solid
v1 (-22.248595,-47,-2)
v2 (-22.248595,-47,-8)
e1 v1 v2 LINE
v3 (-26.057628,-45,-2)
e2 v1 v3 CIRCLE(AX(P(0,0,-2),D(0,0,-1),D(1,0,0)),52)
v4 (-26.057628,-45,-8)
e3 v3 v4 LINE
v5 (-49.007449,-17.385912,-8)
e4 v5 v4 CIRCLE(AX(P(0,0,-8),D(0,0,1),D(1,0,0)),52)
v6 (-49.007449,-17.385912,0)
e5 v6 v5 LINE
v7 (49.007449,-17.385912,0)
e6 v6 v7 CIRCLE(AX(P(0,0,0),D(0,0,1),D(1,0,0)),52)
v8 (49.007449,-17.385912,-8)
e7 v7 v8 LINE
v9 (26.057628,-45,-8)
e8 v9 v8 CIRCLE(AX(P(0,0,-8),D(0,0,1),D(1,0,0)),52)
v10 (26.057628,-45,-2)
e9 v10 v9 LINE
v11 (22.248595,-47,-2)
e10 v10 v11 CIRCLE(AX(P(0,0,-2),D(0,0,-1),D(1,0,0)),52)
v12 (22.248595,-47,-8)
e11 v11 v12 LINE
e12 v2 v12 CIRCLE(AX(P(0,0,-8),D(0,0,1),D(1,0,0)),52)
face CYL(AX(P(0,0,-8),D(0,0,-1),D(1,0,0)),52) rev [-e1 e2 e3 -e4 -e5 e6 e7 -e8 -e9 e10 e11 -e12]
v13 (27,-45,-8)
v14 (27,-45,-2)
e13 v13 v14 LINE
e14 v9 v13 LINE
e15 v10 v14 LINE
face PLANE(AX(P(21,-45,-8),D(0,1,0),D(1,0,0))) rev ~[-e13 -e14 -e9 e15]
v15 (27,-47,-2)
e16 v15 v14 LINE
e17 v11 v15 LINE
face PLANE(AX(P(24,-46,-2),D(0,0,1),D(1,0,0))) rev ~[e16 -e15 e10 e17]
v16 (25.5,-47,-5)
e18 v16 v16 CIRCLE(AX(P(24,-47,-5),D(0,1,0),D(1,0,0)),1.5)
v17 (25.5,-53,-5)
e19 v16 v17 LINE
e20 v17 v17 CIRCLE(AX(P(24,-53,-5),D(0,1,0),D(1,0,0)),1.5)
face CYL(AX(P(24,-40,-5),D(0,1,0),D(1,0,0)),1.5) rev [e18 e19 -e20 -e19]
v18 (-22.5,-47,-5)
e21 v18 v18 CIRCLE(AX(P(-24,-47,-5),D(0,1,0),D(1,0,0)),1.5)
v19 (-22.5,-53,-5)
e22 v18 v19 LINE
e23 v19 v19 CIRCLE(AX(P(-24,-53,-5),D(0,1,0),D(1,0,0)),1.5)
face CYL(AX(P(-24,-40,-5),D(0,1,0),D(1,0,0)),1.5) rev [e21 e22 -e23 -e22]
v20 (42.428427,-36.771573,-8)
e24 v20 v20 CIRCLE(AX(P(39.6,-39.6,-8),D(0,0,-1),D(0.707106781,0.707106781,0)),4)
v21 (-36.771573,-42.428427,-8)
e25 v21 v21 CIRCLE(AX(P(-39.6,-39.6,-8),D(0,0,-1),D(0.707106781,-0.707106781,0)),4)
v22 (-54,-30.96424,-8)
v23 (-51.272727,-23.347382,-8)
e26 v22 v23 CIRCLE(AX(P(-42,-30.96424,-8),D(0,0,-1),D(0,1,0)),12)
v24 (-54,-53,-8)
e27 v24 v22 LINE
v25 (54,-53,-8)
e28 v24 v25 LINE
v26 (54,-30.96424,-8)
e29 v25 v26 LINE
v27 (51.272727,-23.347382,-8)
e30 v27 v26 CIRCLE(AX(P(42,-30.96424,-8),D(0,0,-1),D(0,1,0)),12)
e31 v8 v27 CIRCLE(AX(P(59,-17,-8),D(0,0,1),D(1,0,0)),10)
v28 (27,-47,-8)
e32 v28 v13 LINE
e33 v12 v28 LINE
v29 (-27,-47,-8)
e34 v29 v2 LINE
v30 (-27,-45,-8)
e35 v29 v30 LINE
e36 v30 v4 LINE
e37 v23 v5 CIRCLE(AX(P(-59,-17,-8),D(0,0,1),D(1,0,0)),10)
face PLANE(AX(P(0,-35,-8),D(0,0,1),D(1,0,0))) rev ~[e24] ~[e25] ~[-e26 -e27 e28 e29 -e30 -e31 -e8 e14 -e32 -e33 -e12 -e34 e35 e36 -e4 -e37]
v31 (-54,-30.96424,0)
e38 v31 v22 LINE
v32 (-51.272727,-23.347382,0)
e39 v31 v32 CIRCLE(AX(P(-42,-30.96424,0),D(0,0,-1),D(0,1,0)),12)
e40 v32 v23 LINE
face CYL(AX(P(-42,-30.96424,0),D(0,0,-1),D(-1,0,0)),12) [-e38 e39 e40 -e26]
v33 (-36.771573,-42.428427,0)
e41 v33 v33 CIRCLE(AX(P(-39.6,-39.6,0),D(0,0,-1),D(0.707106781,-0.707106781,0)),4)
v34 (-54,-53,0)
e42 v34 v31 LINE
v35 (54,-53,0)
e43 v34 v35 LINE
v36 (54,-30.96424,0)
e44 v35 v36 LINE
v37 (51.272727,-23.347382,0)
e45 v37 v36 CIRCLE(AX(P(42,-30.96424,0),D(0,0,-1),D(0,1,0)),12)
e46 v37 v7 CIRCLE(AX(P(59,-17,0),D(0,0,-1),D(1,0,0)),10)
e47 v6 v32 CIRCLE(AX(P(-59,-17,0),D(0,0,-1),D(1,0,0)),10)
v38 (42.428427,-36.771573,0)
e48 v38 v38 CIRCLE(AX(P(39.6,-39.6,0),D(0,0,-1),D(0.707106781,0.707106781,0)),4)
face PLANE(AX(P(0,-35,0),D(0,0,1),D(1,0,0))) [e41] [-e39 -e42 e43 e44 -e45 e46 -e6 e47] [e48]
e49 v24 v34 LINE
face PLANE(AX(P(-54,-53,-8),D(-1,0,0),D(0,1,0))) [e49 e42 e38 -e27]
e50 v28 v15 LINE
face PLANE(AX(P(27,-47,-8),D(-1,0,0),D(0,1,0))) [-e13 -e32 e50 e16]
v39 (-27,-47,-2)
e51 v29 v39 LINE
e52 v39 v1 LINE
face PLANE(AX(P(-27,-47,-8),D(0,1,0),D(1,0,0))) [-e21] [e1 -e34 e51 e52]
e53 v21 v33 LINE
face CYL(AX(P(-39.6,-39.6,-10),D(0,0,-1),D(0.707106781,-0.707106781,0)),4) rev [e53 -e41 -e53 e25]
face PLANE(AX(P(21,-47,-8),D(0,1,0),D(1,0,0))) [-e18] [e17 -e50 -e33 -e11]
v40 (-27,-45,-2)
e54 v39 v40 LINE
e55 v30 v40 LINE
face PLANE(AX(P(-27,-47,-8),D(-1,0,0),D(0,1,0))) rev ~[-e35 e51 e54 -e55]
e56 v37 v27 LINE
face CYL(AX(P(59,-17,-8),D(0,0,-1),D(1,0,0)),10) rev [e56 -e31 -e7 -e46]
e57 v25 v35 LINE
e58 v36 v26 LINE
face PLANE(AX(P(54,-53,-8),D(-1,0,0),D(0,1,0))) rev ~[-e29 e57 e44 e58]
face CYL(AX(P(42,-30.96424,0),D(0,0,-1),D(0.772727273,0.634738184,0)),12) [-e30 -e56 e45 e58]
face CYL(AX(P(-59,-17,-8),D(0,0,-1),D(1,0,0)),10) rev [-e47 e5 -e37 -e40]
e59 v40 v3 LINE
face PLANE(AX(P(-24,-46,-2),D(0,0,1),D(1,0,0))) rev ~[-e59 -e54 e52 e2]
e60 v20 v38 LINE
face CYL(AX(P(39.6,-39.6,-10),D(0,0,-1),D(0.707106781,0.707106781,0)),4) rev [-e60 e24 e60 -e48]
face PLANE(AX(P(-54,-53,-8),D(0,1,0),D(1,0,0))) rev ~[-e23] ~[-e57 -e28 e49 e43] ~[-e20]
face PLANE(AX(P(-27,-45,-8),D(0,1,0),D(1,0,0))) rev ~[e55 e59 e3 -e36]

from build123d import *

# Parameters (mm, degrees)
CYLINDER883_R               = 1.5
CYLINDER883_DEPTH           = 20
CYLINDER884_R               = 1.5
CYLINDER884_DEPTH           = 20
CYLINDER881_R               = 1.5
CYLINDER881_DEPTH           = 20
CYLINDER885_R               = 1.5
CYLINDER885_DEPTH           = 20
BOX399_W                    = 6
BOX399_H                    = 2
BOX399_DEPTH                = 6
BOX401_W                    = 6
BOX401_H                    = 2
BOX401_DEPTH                = 6
BOX398_W                    = 6
BOX398_H                    = 2
BOX398_DEPTH                = 6
BOX402_W                    = 6
BOX402_H                    = 2
BOX402_DEPTH                = 6
CYLINDER882_R               = 4
CYLINDER882_DEPTH           = 20
CYLINDER882_PLACEMENT_ANGLE = 45
CYLINDER877_R               = 4
CYLINDER877_DEPTH           = 20
CYLINDER877_PLACEMENT_ANGLE = 45
CYLINDER880_R               = 10
CYLINDER880_DEPTH           = 40
CYLINDER878_R               = 10
CYLINDER878_DEPTH           = 40
CYLINDER879_R               = 52
CYLINDER879_DEPTH           = 8
BOX403_W                    = 108
BOX403_H                    = 36
BOX403_DEPTH                = 8
FILLET014_R                 = 12


with BuildPart() as v_lec883:
    # Cylinder883 → Cylinder883 (new body)
    with BuildSketch(Plane(origin=(24, -40, -5), x_dir=(1, 0, 0), z_dir=(0, -1, 0))):
        Circle(CYLINDER883_R)
    extrude(amount=CYLINDER883_DEPTH)


with BuildPart() as v_lec884:
    # Cylinder884 → Cylinder884 (new body)
    with BuildSketch(Plane(origin=(51, -40, 7), x_dir=(1, 0, 0), z_dir=(0, -1, 0))):
        Circle(CYLINDER884_R)
    extrude(amount=CYLINDER884_DEPTH)


with BuildPart() as v_lec881:
    # Cylinder881 → Cylinder881 (new body)
    with BuildSketch(Plane(origin=(-51, -40, 7), x_dir=(1, 0, 0), z_dir=(0, -1, 0))):
        Circle(CYLINDER881_R)
    extrude(amount=CYLINDER881_DEPTH)


with BuildPart() as compound773:
    # Cylinder885 → Cylinder885 (new body)
    with BuildSketch(Plane(origin=(-24, -40, -5), x_dir=(1, 0, 0), z_dir=(0, -1, 0))):
        Circle(CYLINDER885_R)
    extrude(amount=CYLINDER885_DEPTH)

    # Compound773: union Válec883, Válec884, Válec881
    add(v_lec883.part)
    add(v_lec884.part)
    add(v_lec881.part)


with BuildPart() as krychle399:
    # Box399 → Box399 (new body)
    with BuildSketch(Plane(origin=(21, -47, -8), x_dir=(1, 0, 0), z_dir=(0, 0, 1))):
        with Locations((3, 1)):
            Rectangle(BOX399_W, BOX399_H)
    extrude(amount=BOX399_DEPTH)


with BuildPart() as krychle401:
    # Box401 → Box401 (new body)
    with BuildSketch(Plane(origin=(48, -45, 4), x_dir=(1, 0, 0), z_dir=(0, 0, 1))):
        with Locations((3, 1)):
            Rectangle(BOX401_W, BOX401_H)
    extrude(amount=BOX401_DEPTH)


with BuildPart() as krychle398:
    # Box398 → Box398 (new body)
    with BuildSketch(Plane(origin=(-54, -45, 4), x_dir=(1, 0, 0), z_dir=(0, 0, 1))):
        with Locations((3, 1)):
            Rectangle(BOX398_W, BOX398_H)
    extrude(amount=BOX398_DEPTH)


with BuildPart() as compound772:
    # Box402 → Box402 (new body)
    with BuildSketch(Plane(origin=(-27, -47, -8), x_dir=(1, 0, 0), z_dir=(0, 0, 1))):
        with Locations((3, 1)):
            Rectangle(BOX402_W, BOX402_H)
    extrude(amount=BOX402_DEPTH)

    # Compound772: union Krychle399, Krychle401, Krychle398
    add(krychle399.part)
    add(krychle401.part)
    add(krychle398.part)


with BuildPart() as v_lec882:
    # Cylinder882 → Cylinder882 (new body)
    with BuildSketch(Plane.XY):
        Circle(CYLINDER882_R)
    extrude(amount=CYLINDER882_DEPTH)


with BuildPart() as v_lec882_1:
    # Cylinder882 placement: moved
    add(v_lec882.part.moved(Location((39.6, -39.6, -10))).rotate(Axis((39.6, -39.6, -10), (0, 0, 1)), CYLINDER882_PLACEMENT_ANGLE))


with BuildPart() as compound775:
    # Cylinder877 → Cylinder877 (new body)
    with BuildSketch(Plane.XY):
        Circle(CYLINDER877_R)
    extrude(amount=CYLINDER877_DEPTH)


with BuildPart() as compound775_1:
    # Cylinder877 placement: moved
    add(compound775.part.moved(Location((-39.6, -39.6, -10))).rotate(Axis((-39.6, -39.6, -10), (0, 0, -1)), CYLINDER877_PLACEMENT_ANGLE))

    # Compound775: union Válec882
    add(v_lec882_1.part)


with BuildPart() as v_lec880:
    # Cylinder880 → Cylinder880 (new body)
    with BuildSketch(Plane(origin=(-59, -17, 0), x_dir=(1, 0, 0), z_dir=(0, 0, 1))):
        Circle(CYLINDER880_R)
    extrude(amount=CYLINDER880_DEPTH)


with BuildPart() as compound774:
    # Cylinder878 → Cylinder878 (new body)
    with BuildSketch(Plane(origin=(59, -17, 0), x_dir=(1, 0, 0), z_dir=(0, 0, 1))):
        Circle(CYLINDER878_R)
    extrude(amount=CYLINDER878_DEPTH)

    # Compound774: union Válec880
    add(v_lec880.part)


with BuildPart() as v_lec879:
    # Cylinder879 → Cylinder879 (new body)
    with BuildSketch(Plane.XY.offset(20)):
        Circle(CYLINDER879_R)
    extrude(amount=CYLINDER879_DEPTH)


with BuildPart() as fillet014:
    # Box403 → Box403 (new body)
    with BuildSketch(Plane(origin=(-54, -53, 20), x_dir=(1, 0, 0), z_dir=(0, 0, 1))):
        with Locations((54, 18)):
            Rectangle(BOX403_W, BOX403_H)
    extrude(amount=BOX403_DEPTH)

    # Cut400: cut Válec879
    add(v_lec879.part, mode=Mode.SUBTRACT)


with BuildPart() as fillet014_1:
    # Cut400 placement: moved
    add(fillet014.part.moved(Location((0, 0, -20))))

    # Cut403: cut Compound774
    add(compound774.part, mode=Mode.SUBTRACT)


with BuildPart() as fillet014_2:
    # Cut403 placement: moved
    add(fillet014_1.part.moved(Location((0, 0, -8))))

    # Cut401: cut Compound775
    add(compound775_1.part, mode=Mode.SUBTRACT)

    # Cut402: cut Compound772
    add(compound772.part, mode=Mode.SUBTRACT)

    # Cut399: cut Compound773
    add(compound773.part, mode=Mode.SUBTRACT)

    # Fillet014
    fillet014_edges = [fillet014_2.edges().sort_by_distance(p)[0] for p in [
        (-54, -25.660254, -4),
        (54, -25.660254, -4),
    ]]
    fillet(fillet014_edges, radius=FILLET014_R)


solid = fillet014_2.part
